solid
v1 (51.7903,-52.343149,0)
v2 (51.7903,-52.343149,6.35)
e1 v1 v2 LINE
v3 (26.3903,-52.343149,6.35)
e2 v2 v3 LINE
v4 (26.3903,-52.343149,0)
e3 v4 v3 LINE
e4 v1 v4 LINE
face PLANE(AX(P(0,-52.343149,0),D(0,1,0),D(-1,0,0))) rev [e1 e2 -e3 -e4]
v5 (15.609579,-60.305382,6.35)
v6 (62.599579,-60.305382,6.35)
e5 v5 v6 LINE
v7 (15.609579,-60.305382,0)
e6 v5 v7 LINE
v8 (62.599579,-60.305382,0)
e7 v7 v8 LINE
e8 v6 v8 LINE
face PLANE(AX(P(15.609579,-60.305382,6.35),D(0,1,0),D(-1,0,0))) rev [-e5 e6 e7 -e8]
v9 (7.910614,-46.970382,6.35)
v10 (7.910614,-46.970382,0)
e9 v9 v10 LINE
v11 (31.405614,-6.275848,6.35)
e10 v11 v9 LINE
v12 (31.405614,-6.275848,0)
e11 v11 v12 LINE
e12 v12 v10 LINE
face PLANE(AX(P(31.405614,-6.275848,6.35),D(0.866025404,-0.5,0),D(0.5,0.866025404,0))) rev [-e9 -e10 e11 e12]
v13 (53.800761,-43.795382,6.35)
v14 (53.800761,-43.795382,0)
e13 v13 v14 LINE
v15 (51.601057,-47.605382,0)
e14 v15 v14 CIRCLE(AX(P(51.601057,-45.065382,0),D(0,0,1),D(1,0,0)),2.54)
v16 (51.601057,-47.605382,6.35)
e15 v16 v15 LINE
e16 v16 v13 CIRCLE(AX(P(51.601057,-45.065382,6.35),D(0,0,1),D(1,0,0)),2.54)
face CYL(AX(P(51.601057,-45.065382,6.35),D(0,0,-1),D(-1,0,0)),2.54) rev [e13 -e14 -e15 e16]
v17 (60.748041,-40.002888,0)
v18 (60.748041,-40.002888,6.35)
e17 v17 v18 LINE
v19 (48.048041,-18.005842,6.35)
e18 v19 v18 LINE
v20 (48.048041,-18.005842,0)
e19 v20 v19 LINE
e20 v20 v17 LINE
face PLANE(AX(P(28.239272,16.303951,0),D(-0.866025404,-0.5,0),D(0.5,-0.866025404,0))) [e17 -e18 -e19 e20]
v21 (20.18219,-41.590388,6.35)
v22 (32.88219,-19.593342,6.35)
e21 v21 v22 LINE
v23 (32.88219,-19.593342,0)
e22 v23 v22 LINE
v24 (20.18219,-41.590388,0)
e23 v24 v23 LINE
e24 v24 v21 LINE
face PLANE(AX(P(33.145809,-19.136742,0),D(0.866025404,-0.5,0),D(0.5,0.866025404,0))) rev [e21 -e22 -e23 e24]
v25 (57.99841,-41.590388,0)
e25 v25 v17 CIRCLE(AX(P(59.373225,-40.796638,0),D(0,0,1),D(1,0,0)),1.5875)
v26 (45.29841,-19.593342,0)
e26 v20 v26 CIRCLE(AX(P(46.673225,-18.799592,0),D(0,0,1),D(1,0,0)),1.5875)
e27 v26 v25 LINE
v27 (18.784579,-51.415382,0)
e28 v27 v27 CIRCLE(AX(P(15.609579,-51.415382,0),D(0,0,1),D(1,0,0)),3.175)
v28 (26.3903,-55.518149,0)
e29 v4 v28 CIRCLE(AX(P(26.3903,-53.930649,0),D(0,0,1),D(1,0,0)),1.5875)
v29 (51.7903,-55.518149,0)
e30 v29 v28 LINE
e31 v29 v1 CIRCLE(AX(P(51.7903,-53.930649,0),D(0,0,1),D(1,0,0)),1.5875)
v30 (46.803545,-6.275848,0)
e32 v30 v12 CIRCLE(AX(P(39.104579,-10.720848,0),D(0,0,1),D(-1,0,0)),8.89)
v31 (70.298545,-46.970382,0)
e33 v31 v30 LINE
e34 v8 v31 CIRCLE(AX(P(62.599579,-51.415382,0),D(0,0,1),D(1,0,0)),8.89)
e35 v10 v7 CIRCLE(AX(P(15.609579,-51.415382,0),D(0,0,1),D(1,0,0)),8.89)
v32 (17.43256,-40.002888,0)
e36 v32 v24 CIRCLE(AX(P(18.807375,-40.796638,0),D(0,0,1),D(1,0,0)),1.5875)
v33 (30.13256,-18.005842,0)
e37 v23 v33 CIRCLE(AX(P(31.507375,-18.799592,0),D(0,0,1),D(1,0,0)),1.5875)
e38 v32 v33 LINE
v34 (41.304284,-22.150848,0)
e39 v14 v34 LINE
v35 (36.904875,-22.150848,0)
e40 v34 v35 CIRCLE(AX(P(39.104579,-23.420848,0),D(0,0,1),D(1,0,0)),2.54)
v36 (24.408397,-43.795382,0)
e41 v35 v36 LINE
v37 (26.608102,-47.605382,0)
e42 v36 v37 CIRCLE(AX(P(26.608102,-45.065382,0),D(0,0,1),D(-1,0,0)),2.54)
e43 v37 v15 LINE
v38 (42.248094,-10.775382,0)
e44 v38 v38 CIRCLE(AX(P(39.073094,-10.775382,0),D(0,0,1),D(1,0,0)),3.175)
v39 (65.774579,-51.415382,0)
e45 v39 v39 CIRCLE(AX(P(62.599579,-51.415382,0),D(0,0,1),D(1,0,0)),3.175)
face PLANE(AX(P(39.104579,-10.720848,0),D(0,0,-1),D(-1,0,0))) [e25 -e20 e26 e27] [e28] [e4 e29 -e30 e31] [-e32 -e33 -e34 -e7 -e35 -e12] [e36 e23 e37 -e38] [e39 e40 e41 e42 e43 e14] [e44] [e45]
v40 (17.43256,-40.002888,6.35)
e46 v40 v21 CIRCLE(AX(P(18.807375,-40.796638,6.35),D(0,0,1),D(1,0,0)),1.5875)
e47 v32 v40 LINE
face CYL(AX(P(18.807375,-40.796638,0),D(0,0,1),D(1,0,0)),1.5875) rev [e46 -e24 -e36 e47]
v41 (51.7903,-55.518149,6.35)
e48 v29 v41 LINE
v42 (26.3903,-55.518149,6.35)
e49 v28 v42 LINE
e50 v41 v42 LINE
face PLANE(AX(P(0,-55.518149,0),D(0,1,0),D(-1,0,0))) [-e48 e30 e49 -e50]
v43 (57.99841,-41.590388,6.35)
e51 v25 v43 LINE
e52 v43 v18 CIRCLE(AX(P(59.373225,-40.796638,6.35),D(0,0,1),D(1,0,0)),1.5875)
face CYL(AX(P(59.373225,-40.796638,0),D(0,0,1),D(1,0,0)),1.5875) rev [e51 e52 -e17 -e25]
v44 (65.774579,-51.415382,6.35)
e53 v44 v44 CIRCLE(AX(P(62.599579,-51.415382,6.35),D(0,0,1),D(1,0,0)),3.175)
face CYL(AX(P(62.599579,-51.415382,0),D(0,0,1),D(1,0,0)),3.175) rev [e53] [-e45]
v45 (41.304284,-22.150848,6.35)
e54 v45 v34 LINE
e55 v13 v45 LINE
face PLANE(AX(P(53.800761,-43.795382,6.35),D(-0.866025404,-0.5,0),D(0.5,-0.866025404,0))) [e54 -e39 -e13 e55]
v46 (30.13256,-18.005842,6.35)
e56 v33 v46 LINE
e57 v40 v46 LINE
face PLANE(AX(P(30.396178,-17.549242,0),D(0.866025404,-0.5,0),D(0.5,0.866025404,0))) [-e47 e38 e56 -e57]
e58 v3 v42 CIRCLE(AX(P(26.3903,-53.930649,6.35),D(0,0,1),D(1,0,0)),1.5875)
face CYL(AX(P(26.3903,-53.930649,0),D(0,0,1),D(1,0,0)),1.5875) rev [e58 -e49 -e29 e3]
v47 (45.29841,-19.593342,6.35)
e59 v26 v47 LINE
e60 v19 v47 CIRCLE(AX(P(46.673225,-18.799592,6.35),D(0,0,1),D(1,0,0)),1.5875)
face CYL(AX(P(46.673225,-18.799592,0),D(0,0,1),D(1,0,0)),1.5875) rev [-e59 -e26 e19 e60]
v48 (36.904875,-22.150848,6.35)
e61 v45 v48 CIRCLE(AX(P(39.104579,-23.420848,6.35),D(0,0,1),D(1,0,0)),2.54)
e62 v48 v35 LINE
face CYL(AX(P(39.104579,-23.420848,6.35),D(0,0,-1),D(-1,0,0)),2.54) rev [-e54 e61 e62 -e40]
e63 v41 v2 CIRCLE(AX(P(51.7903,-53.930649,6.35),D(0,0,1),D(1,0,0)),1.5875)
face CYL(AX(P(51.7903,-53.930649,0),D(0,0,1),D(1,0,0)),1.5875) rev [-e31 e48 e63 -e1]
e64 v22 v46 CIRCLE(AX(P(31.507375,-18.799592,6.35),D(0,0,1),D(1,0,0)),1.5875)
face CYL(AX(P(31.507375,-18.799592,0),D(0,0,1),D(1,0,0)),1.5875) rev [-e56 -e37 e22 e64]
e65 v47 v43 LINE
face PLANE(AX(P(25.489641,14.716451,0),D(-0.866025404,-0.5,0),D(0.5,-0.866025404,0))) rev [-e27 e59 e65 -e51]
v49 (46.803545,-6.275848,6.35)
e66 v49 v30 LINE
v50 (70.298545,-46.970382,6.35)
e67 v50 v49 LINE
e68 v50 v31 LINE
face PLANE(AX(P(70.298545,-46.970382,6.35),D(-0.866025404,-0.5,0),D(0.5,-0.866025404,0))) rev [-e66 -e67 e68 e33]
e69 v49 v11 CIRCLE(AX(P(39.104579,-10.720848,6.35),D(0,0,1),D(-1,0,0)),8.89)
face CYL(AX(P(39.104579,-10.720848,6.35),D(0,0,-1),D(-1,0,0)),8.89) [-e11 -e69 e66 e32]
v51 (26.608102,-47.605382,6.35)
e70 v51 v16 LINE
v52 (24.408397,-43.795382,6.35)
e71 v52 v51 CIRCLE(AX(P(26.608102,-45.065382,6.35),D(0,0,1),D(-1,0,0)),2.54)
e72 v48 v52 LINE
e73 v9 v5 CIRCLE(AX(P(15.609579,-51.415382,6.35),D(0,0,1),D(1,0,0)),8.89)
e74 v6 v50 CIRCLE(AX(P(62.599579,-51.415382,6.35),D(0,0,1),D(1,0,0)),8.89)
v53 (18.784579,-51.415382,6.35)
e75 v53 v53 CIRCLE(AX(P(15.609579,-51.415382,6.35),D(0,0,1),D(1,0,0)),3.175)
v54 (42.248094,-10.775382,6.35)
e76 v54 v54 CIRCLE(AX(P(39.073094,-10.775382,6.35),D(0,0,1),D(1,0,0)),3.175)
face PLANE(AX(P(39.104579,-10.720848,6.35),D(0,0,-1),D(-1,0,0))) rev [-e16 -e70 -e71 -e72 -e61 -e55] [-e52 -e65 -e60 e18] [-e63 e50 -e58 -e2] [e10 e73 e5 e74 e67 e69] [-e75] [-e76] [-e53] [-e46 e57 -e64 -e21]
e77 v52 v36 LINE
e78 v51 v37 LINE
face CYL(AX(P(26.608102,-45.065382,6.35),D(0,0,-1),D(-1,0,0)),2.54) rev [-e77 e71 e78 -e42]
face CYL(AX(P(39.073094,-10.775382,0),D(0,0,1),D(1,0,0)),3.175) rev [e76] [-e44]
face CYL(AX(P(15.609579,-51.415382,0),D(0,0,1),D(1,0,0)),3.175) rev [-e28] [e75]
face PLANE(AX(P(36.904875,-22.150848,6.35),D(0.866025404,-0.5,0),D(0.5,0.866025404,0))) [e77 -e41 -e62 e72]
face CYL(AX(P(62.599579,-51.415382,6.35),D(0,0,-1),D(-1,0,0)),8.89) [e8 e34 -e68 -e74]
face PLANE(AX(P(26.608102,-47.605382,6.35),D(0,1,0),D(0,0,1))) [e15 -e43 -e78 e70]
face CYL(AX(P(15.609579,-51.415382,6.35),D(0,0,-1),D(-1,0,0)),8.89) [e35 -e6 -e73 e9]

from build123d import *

# Parameters (mm, degrees)
SKETCH1_R           = 4.7625
BOSS_EXTRUDE1_DEPTH = 6.35
BOSS_EXTRUDE2_START = -6.35
SKETCH2_R           = 4.7625
SKETCH2_R_2         = 3.175
BOSS_EXTRUDE2_DEPTH = 6.35
CUT_EXTRUDE1_DEPTH  = 6.35


with BuildPart() as part:
    # Sketch1 → Boss-Extrude1 (new body)
    with BuildSketch(Plane.XY):
        with BuildLine():
            Line((31.405613519, -6.275848049), (7.910613519, -46.970381773))
            ThreePointArc((7.910613519, -46.970381773), (7.910613519, -55.860381773), (15.609579358, -60.305381773))
            Line((15.609579358, -60.305381773), (62.599579358, -60.305381773))
            ThreePointArc((62.599579358, -60.305381773), (70.298545198, -55.860381773), (70.298545198, -46.970381773))
            Line((70.298545198, -46.970381773), (46.803545198, -6.275848049))
            ThreePointArc((46.803545198, -6.275848049), (39.104579358, -1.830848049), (31.405613519, -6.275848049))
        make_face()
        with Locations((39.073094298, -10.775381773)):
            Circle(SKETCH1_R, mode=Mode.SUBTRACT)
        with Locations((15.609579358, -51.415381773)):
            Circle(SKETCH1_R, mode=Mode.SUBTRACT)
        with Locations((62.599579358, -51.415381773)):
            Circle(SKETCH1_R, mode=Mode.SUBTRACT)
        with BuildLine():
            Line((36.904874833, -22.150848049), (24.408397461, -43.795381773))
            ThreePointArc((24.408397461, -43.795381773), (24.408397461, -46.335381773), (26.608101987, -47.605381773))
            Line((26.608101987, -47.605381773), (51.60105673, -47.605381773))
            ThreePointArc((51.60105673, -47.605381773), (53.800761256, -46.335381773), (53.800761256, -43.795381773))
            Line((53.800761256, -43.795381773), (41.304283884, -22.150848049))
            ThreePointArc((41.304283884, -22.150848049), (39.104579358, -20.880848049), (36.904874833, -22.150848049))
        make_face(mode=Mode.SUBTRACT)
    extrude(amount=BOSS_EXTRUDE1_DEPTH)

    # Sketch2 → Boss-Extrude2 (add)
    # profile 1 of 3: a face of its own
    with BuildSketch(Plane.XY.offset(6.35).offset(BOSS_EXTRUDE2_START)):
        with Locations((39.073094298, -10.775381773)):
            Circle(SKETCH2_R)
        with Locations((39.073094298, -10.775381773)):
            Circle(SKETCH2_R_2, mode=Mode.SUBTRACT)
    # profile 2 of 3: a face of its own
    with BuildSketch(Plane.XY.offset(6.35).offset(BOSS_EXTRUDE2_START)):
        with Locations((62.599579358, -51.415381773)):
            Circle(SKETCH2_R)
        with Locations((62.599579358, -51.415381773)):
            Circle(SKETCH2_R_2, mode=Mode.SUBTRACT)
    # profile 3 of 3: a face of its own
    with BuildSketch(Plane.XY.offset(6.35).offset(BOSS_EXTRUDE2_START)):
        with Locations((15.609579358, -51.415381773)):
            Circle(SKETCH2_R)
        with Locations((15.609579358, -51.415381773)):
            Circle(SKETCH2_R_2, mode=Mode.SUBTRACT)
    extrude(amount=BOSS_EXTRUDE2_DEPTH)

    # Sketch3 → Cut-Extrude1 (cut)
    with BuildSketch(Plane.XY.offset(6.35)):
        with BuildLine():
            Line((30.132559504, -18.005842283), (17.432559504, -40.002887539))
            ThreePointArc((17.432559504, -40.002887539), (18.013624833, -42.171452868), (20.182190161, -41.590387539))
            Line((20.182190161, -41.590387539), (32.882190161, -19.593342283))
            ThreePointArc((32.882190161, -19.593342283), (33.040782082, -18.388717049), (32.301124833, -17.424776955))
            ThreePointArc((32.301124833, -17.424776955), (31.096499599, -17.266185034), (30.132559504, -18.005842283))
        make_face()
        with BuildLine():
            Line((60.748040695, -40.002887539), (48.048040695, -18.005842283))
            ThreePointArc((48.048040695, -18.005842283), (45.879475366, -17.424776955), (45.298410038, -19.593342283))
            Line((45.298410038, -19.593342283), (57.998410038, -41.590387539))
            ThreePointArc((57.998410038, -41.590387539), (60.166975366, -42.171452868), (60.748040695, -40.002887539))
        make_face()
        with BuildLine():
            Line((26.390300099, -55.518149371), (51.790300099, -55.518149371))
            ThreePointArc((51.790300099, -55.518149371), (53.377800099, -53.930649371), (51.790300099, -52.343149371))
            Line((51.790300099, -52.343149371), (26.390300099, -52.343149371))
            ThreePointArc((26.390300099, -52.343149371), (24.802800099, -53.930649371), (26.390300099, -55.518149371))
        make_face()
    extrude(amount=-CUT_EXTRUDE1_DEPTH, mode=Mode.SUBTRACT)


solid = part.part
